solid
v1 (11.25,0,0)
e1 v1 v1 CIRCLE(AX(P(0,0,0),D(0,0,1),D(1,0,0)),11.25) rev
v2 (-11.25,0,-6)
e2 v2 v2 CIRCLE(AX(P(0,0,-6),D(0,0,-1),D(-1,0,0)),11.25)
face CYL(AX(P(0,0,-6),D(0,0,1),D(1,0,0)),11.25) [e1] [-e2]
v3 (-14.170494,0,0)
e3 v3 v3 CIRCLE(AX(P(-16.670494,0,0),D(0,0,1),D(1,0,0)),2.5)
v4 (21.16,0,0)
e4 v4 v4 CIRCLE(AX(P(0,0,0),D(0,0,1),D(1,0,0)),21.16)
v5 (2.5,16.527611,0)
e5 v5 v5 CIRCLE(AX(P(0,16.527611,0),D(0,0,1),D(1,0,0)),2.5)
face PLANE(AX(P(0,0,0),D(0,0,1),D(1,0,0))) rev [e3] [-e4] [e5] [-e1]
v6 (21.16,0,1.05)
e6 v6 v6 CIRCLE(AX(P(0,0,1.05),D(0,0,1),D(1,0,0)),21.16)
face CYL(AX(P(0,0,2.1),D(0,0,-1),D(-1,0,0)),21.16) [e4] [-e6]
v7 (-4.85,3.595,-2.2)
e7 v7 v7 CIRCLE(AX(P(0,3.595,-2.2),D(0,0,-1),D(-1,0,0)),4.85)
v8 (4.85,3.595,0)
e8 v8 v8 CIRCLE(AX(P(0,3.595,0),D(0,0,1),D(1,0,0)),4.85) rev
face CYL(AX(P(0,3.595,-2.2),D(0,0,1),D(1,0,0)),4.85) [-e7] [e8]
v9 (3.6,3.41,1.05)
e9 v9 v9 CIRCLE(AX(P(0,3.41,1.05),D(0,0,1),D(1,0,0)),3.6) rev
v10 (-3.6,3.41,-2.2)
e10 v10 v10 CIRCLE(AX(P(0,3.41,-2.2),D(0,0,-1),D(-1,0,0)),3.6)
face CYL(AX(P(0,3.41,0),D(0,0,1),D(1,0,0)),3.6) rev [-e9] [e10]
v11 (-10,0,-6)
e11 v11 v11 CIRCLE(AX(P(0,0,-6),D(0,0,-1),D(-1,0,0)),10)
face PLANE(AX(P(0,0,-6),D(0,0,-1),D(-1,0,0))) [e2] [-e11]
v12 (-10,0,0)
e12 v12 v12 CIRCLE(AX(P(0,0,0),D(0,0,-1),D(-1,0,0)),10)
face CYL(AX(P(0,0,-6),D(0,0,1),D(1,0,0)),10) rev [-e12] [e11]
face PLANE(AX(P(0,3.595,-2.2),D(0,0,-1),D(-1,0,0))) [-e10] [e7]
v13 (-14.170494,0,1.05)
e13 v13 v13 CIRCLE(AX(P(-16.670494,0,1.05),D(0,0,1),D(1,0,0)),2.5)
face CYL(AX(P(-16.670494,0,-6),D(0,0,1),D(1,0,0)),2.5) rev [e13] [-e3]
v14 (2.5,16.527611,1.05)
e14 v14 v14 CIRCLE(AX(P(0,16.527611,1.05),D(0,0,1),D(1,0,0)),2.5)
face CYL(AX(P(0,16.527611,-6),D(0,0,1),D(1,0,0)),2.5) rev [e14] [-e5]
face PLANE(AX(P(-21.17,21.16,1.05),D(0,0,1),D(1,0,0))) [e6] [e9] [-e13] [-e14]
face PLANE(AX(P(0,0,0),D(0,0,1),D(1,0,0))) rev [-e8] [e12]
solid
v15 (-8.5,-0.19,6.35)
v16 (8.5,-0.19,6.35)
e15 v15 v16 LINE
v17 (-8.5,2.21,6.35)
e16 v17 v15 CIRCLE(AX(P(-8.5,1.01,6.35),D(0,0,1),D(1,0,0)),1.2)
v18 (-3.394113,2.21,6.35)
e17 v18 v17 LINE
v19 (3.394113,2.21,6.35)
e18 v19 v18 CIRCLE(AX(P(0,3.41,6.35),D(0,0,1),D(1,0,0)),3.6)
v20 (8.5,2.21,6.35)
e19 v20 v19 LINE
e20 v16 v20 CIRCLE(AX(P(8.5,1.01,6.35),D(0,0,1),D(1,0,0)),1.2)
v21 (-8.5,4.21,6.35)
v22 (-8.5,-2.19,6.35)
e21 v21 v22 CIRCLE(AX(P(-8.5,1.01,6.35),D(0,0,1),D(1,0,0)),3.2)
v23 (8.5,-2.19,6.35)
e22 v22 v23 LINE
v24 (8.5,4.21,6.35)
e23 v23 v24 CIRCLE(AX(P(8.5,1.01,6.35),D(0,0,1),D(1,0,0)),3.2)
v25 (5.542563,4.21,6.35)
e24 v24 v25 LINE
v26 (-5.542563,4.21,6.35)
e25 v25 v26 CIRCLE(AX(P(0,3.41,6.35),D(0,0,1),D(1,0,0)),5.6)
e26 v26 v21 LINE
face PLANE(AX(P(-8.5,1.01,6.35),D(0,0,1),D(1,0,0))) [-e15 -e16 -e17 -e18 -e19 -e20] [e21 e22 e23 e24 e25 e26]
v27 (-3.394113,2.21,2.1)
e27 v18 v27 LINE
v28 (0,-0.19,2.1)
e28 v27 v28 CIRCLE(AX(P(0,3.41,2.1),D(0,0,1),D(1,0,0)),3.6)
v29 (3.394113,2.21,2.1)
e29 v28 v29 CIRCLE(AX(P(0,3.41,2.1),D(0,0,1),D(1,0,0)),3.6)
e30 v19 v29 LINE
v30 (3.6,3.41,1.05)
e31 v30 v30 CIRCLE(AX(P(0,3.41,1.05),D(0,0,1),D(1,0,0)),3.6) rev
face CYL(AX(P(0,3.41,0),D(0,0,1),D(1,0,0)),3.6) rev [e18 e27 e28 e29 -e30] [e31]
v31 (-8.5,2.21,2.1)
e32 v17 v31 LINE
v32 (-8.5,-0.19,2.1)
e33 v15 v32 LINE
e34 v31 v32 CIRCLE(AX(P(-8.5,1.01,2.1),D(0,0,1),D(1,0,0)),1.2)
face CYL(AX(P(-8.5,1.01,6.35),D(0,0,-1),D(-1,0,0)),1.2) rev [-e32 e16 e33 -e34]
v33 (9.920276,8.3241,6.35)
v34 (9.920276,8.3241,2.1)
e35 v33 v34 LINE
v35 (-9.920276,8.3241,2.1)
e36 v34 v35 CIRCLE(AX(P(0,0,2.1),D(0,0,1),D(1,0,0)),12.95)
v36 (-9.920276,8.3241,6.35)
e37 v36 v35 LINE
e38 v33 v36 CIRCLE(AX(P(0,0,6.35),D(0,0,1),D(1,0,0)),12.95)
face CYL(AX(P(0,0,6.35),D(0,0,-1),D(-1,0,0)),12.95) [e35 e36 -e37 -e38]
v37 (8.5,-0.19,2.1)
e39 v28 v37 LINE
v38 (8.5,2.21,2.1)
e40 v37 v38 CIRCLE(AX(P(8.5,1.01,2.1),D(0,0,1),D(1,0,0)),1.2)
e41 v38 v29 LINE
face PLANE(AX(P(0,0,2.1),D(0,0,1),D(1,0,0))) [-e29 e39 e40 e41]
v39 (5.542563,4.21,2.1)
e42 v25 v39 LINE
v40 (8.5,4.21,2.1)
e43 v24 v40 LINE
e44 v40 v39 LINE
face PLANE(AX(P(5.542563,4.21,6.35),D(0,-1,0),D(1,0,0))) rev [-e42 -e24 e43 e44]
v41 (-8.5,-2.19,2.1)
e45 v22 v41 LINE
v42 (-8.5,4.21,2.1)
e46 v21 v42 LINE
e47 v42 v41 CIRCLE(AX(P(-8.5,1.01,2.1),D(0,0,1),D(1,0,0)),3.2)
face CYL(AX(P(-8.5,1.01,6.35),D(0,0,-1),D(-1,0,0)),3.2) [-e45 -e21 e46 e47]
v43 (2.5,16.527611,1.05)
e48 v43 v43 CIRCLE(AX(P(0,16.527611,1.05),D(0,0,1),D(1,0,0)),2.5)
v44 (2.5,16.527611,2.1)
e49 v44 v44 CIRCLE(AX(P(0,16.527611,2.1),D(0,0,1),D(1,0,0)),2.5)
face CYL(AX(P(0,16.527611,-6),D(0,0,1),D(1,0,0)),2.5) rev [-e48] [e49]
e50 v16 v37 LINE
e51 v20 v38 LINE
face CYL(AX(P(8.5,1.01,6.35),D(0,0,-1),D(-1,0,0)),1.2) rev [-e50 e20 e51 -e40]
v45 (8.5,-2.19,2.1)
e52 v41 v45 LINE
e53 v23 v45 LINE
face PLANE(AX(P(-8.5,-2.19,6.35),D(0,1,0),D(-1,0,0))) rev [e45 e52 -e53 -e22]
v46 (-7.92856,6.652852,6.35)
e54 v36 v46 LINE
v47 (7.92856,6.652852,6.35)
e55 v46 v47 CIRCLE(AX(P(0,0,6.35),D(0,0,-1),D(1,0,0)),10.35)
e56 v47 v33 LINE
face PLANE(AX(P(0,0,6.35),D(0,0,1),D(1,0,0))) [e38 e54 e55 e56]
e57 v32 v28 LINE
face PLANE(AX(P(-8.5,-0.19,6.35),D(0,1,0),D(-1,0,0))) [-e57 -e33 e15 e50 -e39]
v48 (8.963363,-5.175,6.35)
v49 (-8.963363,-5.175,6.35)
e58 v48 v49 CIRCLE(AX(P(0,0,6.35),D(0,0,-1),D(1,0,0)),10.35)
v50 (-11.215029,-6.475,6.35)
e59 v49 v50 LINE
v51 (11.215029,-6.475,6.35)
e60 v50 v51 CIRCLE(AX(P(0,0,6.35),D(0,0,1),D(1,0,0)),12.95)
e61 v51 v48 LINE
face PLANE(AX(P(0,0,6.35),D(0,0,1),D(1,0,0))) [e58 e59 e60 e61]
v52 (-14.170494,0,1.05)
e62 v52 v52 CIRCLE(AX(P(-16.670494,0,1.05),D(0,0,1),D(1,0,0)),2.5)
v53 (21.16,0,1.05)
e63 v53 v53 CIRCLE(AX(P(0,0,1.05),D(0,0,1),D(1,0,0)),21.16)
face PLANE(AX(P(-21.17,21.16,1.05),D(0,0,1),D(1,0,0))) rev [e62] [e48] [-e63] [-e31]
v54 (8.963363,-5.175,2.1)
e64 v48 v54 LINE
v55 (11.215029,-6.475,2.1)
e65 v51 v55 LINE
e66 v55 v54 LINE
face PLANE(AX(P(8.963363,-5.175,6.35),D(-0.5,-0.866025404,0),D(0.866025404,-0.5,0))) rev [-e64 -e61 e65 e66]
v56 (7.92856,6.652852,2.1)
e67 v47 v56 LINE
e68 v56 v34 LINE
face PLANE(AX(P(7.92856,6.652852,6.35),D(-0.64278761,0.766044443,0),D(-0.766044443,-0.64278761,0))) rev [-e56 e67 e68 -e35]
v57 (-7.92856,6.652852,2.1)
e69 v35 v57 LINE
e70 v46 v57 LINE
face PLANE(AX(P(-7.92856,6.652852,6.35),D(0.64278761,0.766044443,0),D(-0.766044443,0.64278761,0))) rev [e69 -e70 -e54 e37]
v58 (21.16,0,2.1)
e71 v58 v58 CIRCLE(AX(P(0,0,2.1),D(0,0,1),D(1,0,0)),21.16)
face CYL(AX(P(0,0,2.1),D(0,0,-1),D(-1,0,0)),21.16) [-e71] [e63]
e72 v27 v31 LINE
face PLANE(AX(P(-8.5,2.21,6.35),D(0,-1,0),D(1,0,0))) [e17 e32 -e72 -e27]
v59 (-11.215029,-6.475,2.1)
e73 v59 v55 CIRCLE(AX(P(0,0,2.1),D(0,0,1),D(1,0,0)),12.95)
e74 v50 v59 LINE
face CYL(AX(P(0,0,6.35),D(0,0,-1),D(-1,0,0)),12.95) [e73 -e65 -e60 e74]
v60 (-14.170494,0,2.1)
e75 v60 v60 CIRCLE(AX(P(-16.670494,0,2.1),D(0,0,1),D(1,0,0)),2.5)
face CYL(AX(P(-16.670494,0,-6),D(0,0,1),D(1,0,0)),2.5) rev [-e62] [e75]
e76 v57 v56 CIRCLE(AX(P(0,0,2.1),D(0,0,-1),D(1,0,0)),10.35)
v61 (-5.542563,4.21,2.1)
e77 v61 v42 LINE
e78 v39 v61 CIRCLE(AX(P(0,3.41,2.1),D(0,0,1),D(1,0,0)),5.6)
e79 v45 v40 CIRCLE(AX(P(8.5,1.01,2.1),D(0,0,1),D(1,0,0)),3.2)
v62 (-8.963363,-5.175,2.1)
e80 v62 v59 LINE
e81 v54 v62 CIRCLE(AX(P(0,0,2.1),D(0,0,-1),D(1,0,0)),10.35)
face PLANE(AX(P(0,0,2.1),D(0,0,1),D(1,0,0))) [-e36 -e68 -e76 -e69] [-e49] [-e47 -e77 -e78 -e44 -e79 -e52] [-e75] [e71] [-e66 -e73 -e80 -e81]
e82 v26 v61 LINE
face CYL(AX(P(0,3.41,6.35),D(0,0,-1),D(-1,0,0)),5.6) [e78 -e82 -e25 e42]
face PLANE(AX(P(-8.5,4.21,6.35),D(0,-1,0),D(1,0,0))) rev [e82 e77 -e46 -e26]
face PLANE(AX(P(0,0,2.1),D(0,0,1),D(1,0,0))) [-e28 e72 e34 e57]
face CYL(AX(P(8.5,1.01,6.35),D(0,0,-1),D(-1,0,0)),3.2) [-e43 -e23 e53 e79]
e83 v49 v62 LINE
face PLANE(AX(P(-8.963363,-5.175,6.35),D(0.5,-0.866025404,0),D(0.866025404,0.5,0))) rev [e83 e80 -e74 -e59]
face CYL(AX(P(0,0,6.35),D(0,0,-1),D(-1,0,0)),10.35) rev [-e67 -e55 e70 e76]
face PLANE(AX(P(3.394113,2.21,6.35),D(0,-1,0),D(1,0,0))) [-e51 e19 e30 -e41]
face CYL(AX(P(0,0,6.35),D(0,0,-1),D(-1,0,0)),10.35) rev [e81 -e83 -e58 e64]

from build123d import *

# Parameters (mm, degrees)
SKETCH1_R               = 21.16
BOSS_EXTRUDE2_DEPTH     = 2.1
CUT_EXTRUDE1_DEPTH      = 30.998353288
CUT_EXTRUDE1_DEPTH_BACK = 30.998353288
SKETCH3_R               = 3.6
SKETCH6_R               = 4.85
SKETCH6_R_2             = 3.6
BOSS_EXTRUDE5_DEPTH     = 2.2
SKETCH7_R               = 11.25
SKETCH7_R_2             = 10
BOSS_EXTRUDE6_DEPTH     = 6
SPLIT1_SURFACE_1_BACK   = 61.395
SPLIT1_SURFACE_1_DEPTH  = 122.79
SPLIT1_SURFACE_2_BACK   = 61.395
SPLIT1_SURFACE_2_DEPTH  = 122.79
BOSS_EXTRUDE7_START     = 4.25
BOSS_EXTRUDE7_DEPTH     = 4.25
BOSS_EXTRUDE4_DEPTH     = 4.25
SKETCH10_R              = 2.5
CUT_EXTRUDE2_DEPTH      = 32.001632215


with BuildPart() as part:
    # Sketch1 → Boss-Extrude2 (new body)
    with BuildSketch(Plane.XY):
        Circle(SKETCH1_R)
    extrude(amount=BOSS_EXTRUDE2_DEPTH)

    # Sketch3 → Cut-Extrude1 (cut, two sides: drawn at the far end of the back side and taken through both)
    with BuildSketch(Plane.XY.offset(2.1).offset(-CUT_EXTRUDE1_DEPTH_BACK)):
        with Locations((0, 3.41)):
            Circle(SKETCH3_R)
    extrude(amount=CUT_EXTRUDE1_DEPTH + CUT_EXTRUDE1_DEPTH_BACK, mode=Mode.SUBTRACT)

    # Sketch6 → Boss-Extrude5 (add)
    with BuildSketch(Plane(origin=(0, 0, 0), x_dir=(-1, 0, 0), z_dir=(0, 0, -1))):
        with Locations(Location((0, 3.595, 0), (0, 0, 180))):
            Circle(SKETCH6_R)
        with Locations(Location((0, 3.41, 0), (0, 0, 180))):
            Circle(SKETCH6_R_2, mode=Mode.SUBTRACT)
    extrude(amount=BOSS_EXTRUDE5_DEPTH)

    # Sketch7 → Boss-Extrude6 (add)
    with BuildSketch(Plane(origin=(0, 0, 0), x_dir=(-1, 0, 0), z_dir=(0, 0, -1))):
        with Locations(Location((0, 0, 0), (0, 0, 180))):
            Circle(SKETCH7_R)
        Circle(SKETCH7_R_2, mode=Mode.SUBTRACT)
    extrude(amount=BOSS_EXTRUDE6_DEPTH)


with BuildPart() as body_2:
    # Split1: the piece behind the surface
    add(part.part)
    # Split1 surface: a surface, the sketch's curves swept straight by 122.79 mm
    with BuildLine(Plane(origin=(0, 0, 0), x_dir=(0, 0, -1), z_dir=(1, 0, 0)).offset(-SPLIT1_SURFACE_1_BACK), mode=Mode.PRIVATE) as split1_surface_1_path:
        Line((-1.05, 21.16), (-1.05, -21.16))
    split1_surface_1 = Shell.extrude(split1_surface_1_path.wire(), (1 * SPLIT1_SURFACE_1_DEPTH, 0 * SPLIT1_SURFACE_1_DEPTH, 0 * SPLIT1_SURFACE_1_DEPTH))
    split(bisect_by=split1_surface_1, keep=Keep.BOTTOM)

    # Sketch9 → Boss-Extrude7 (add)
    with BuildSketch(Plane.XY.offset(2.1).offset(BOSS_EXTRUDE7_START)):
        with BuildLine():
            Line((-8.5, -2.19), (8.5, -2.19))
            ThreePointArc((8.5, -2.19), (11.7, 1.01), (8.5, 4.21))
            Line((8.5, 4.21), (5.542562584, 4.21))
            ThreePointArc((5.542562584, 4.21), (0, 9.01), (-5.542562584, 4.21))
            Line((-5.542562584, 4.21), (-8.5, 4.21))
            ThreePointArc((-8.5, 4.21), (-11.7, 1.01), (-8.5, -2.19))
        make_face()
        with BuildLine():
            Line((-8.5, -0.19), (8.5, -0.19))
            ThreePointArc((8.5, -0.19), (9.7, 1.01), (8.5, 2.21))
            Line((8.5, 2.21), (3.39411255, 2.21))
            ThreePointArc((3.39411255, 2.21), (0, 7.01), (-3.39411255, 2.21))
            Line((-3.39411255, 2.21), (-8.5, 2.21))
            ThreePointArc((-8.5, 2.21), (-9.7, 1.01), (-8.5, -0.19))
        make_face(mode=Mode.SUBTRACT)
    extrude(amount=-BOSS_EXTRUDE7_DEPTH)

    # Sketch5 → Boss-Extrude4 (add)
    with BuildSketch(Plane.XY.offset(2.1)):
        with BuildLine():
            Line((7.928559986, 6.65285176), (9.920275538, 8.324099545))
            ThreePointArc((9.920275538, 8.324099545), (0, 12.95), (-9.920275538, 8.324099545))
            Line((-9.920275538, 8.324099545), (-7.928559986, 6.65285176))
            ThreePointArc((-7.928559986, 6.65285176), (0, 10.35), (7.928559986, 6.65285176))
        make_face()
        with BuildLine():
            Line((-8.963362929, -5.175), (-11.215028979, -6.475))
            ThreePointArc((-11.215028979, -6.475), (0, -12.95), (11.215028979, -6.475))
            Line((11.215028979, -6.475), (8.963362929, -5.175))
            ThreePointArc((8.963362929, -5.175), (0, -10.35), (-8.963362929, -5.175))
        make_face()
    extrude(amount=BOSS_EXTRUDE4_DEPTH)


with BuildPart() as part_1:
    add(part.part)

    # Split1: split by a surface, the side it looks to stays
    # Split1 surface: a surface, the sketch's curves swept straight by 122.79 mm
    with BuildLine(Plane(origin=(0, 0, 0), x_dir=(0, 0, -1), z_dir=(1, 0, 0)).offset(-SPLIT1_SURFACE_2_BACK), mode=Mode.PRIVATE) as split1_surface_2_path:
        Line((-1.05, 21.16), (-1.05, -21.16))
    split1_surface_2 = Shell.extrude(split1_surface_2_path.wire(), (1 * SPLIT1_SURFACE_2_DEPTH, 0 * SPLIT1_SURFACE_2_DEPTH, 0 * SPLIT1_SURFACE_2_DEPTH))
    split(bisect_by=split1_surface_2, keep=Keep.TOP)


with BuildPart() as cut_extrude2_tool:
    # Sketch10 → Cut-Extrude2 (new, through all)
    with BuildSketch(Plane.XY.offset(2.1)):
        with Locations((0, 16.527610664)):
            Circle(SKETCH10_R)
        with Locations((-16.670494114, 0)):
            Circle(SKETCH10_R)
    extrude(amount=-CUT_EXTRUDE2_DEPTH)


with BuildPart() as part_2:
    add(part_1.part)

    # Cut-Extrude2: cut by cut_extrude2_tool
    add(cut_extrude2_tool.part, mode=Mode.SUBTRACT)


with BuildPart() as body_2_1:
    add(body_2.part)

    # Cut-Extrude2: cut by cut_extrude2_tool
    add(cut_extrude2_tool.part, mode=Mode.SUBTRACT)


solid = Compound([part_2.part, body_2_1.part])
